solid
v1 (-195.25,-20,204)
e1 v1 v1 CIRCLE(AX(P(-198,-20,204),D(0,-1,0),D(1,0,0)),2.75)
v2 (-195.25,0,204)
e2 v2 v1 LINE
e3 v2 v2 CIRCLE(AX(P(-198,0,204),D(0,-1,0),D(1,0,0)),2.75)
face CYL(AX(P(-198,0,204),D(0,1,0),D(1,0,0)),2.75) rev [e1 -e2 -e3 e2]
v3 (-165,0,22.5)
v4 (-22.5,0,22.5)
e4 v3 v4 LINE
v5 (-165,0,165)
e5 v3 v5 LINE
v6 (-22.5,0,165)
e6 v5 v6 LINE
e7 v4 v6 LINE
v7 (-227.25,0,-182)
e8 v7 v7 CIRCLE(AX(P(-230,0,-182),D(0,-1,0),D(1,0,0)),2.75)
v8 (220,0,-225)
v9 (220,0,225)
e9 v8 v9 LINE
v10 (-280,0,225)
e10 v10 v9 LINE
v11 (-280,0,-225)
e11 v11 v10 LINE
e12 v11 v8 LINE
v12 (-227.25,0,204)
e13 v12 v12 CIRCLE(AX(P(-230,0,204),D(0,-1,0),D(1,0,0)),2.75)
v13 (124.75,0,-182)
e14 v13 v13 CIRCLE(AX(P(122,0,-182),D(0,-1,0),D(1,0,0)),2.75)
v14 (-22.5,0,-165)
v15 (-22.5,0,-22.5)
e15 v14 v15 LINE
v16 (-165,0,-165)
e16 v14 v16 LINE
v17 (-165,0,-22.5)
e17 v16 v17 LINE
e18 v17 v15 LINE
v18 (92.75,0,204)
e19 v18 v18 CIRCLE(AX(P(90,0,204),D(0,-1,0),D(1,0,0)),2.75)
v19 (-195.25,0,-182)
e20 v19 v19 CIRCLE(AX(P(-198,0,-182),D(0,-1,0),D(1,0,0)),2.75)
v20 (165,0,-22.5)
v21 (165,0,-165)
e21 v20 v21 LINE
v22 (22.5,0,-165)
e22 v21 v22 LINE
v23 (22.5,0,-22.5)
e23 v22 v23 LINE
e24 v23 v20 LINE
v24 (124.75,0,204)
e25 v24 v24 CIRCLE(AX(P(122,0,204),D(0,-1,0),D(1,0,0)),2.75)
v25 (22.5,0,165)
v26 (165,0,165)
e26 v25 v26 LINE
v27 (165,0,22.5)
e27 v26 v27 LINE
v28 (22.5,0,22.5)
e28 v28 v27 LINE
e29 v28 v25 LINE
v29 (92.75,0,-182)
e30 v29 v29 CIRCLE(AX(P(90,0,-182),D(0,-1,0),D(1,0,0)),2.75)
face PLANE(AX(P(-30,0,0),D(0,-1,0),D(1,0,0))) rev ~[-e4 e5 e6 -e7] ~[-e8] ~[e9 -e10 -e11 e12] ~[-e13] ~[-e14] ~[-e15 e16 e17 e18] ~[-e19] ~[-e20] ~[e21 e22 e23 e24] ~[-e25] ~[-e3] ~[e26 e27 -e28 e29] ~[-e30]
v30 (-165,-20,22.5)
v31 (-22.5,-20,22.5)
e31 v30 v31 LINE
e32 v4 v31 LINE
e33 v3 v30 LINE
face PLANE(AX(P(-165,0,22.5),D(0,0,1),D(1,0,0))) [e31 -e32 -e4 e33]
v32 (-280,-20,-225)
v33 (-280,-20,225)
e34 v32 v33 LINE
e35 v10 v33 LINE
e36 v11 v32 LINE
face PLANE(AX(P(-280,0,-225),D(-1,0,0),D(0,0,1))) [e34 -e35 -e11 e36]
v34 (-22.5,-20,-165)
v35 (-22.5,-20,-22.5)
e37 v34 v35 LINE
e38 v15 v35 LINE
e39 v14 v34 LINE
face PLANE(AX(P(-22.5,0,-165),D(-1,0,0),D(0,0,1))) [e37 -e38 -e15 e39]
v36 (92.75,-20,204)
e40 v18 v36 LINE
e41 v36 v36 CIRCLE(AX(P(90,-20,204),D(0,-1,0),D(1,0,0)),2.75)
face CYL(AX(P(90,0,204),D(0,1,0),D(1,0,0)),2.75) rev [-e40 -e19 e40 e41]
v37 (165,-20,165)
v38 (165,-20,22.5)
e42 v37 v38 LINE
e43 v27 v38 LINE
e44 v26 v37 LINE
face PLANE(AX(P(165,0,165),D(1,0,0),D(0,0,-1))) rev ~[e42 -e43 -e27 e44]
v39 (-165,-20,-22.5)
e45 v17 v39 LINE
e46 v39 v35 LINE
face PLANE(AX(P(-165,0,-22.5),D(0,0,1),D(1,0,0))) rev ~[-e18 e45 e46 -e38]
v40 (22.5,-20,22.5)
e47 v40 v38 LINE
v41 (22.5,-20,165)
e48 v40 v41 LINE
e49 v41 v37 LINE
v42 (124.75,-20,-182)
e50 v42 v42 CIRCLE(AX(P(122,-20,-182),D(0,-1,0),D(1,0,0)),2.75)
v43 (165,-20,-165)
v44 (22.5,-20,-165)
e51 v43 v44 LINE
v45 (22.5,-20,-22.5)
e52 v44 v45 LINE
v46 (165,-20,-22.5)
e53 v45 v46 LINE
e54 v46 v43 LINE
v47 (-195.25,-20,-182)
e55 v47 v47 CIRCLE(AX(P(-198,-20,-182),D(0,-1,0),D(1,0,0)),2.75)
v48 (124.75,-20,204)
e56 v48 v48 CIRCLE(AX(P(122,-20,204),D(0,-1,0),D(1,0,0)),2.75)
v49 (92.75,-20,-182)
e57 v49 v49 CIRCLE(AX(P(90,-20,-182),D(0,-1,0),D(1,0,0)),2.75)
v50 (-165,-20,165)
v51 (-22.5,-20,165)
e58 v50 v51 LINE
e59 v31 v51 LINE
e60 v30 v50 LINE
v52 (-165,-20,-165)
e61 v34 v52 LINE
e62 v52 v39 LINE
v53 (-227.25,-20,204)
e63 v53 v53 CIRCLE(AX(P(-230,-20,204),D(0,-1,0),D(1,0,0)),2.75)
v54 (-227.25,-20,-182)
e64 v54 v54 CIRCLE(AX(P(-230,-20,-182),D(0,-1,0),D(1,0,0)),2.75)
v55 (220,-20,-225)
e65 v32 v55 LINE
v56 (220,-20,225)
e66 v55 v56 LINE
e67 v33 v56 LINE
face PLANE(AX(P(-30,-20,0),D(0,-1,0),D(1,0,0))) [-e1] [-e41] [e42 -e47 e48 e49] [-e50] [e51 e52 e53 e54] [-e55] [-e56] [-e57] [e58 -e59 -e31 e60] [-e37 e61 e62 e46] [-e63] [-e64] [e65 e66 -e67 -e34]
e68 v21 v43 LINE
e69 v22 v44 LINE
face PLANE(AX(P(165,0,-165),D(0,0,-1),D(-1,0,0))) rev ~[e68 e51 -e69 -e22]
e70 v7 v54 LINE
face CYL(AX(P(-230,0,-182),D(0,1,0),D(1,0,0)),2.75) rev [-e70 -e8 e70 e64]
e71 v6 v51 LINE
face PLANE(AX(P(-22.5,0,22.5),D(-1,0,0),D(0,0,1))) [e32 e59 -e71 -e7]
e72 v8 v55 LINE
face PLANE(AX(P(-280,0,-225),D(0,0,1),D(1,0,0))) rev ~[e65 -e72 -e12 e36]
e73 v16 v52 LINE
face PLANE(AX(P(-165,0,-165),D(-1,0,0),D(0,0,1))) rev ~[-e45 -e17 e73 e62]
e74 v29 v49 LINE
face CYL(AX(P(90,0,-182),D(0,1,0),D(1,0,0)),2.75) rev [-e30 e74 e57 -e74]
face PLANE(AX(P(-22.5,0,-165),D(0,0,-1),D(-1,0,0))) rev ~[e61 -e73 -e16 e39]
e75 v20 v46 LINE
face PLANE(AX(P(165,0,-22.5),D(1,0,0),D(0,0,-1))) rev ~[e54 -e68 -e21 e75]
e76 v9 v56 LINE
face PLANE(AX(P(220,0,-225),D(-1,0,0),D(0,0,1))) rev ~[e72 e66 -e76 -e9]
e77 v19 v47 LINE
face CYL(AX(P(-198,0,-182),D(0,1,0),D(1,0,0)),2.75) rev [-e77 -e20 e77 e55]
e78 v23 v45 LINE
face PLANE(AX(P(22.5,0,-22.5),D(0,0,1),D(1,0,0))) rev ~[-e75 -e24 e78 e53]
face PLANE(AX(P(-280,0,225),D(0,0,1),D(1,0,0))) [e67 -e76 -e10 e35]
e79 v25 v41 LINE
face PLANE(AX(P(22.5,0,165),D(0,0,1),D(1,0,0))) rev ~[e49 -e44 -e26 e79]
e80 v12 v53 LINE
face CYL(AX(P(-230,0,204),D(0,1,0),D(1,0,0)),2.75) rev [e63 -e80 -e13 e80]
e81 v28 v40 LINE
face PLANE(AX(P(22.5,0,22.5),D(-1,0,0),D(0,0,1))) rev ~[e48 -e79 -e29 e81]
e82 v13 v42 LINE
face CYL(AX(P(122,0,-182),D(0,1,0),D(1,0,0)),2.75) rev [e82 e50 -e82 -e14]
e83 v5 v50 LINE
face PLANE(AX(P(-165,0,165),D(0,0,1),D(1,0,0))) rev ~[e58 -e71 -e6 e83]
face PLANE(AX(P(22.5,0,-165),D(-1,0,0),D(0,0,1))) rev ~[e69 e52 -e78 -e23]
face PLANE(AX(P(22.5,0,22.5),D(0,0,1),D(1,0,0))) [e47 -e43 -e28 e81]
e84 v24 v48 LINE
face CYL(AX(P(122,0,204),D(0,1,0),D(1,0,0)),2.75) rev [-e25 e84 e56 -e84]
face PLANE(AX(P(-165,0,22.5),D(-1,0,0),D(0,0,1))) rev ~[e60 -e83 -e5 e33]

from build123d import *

# Parameters (mm, degrees)
F0_W     = 500
F0_H     = 450
F0_R     = 2.75
F0_W_2   = 45
F0_H_2   = 142.5
F0_W_3   = 142.5
F0_H_3   = 45
F1_DEPTH = 20


with BuildPart() as f1:
    # F0 (on Front) → F1 (new body)
    with BuildSketch(Plane.XZ):
        with Locations((-30, 0)):
            Rectangle(F0_W, F0_H)
        with Locations((-230, -182)):
            Circle(F0_R, mode=Mode.SUBTRACT)
        with Locations((-198, -182)):
            Circle(F0_R, mode=Mode.SUBTRACT)
        with Locations((90, -182)):
            Circle(F0_R, mode=Mode.SUBTRACT)
        with Locations((122, -182)):
            Circle(F0_R, mode=Mode.SUBTRACT)
        with Locations((-230, 204)):
            Circle(F0_R, mode=Mode.SUBTRACT)
        with Locations((-198, 204)):
            Circle(F0_R, mode=Mode.SUBTRACT)
        Polygon((-165, 22.5), (-165, 165), (-22.5, 165), (22.5, 165), (165, 165), (165, 22.5), (165, -22.5), (165, -165), (22.5, -165), (-22.5, -165), (-165, -165), (-165, -22.5), align=None, mode=Mode.SUBTRACT)
        with Locations((90, 204)):
            Circle(F0_R, mode=Mode.SUBTRACT)
        with Locations((122, 204)):
            Circle(F0_R, mode=Mode.SUBTRACT)
        with Locations((0, 93.75)):
            Rectangle(F0_W_2, F0_H_2)
        with Locations((-93.75, 0)):
            Rectangle(F0_W_3, F0_H_3)
        with Locations((0, -93.75)):
            Rectangle(F0_W_2, F0_H_2)
        with Locations((93.75, 0)):
            Rectangle(F0_W_3, F0_H_3)
        Rectangle(F0_W_2, F0_H_3)
    extrude(amount=F1_DEPTH)


solid = f1.part
